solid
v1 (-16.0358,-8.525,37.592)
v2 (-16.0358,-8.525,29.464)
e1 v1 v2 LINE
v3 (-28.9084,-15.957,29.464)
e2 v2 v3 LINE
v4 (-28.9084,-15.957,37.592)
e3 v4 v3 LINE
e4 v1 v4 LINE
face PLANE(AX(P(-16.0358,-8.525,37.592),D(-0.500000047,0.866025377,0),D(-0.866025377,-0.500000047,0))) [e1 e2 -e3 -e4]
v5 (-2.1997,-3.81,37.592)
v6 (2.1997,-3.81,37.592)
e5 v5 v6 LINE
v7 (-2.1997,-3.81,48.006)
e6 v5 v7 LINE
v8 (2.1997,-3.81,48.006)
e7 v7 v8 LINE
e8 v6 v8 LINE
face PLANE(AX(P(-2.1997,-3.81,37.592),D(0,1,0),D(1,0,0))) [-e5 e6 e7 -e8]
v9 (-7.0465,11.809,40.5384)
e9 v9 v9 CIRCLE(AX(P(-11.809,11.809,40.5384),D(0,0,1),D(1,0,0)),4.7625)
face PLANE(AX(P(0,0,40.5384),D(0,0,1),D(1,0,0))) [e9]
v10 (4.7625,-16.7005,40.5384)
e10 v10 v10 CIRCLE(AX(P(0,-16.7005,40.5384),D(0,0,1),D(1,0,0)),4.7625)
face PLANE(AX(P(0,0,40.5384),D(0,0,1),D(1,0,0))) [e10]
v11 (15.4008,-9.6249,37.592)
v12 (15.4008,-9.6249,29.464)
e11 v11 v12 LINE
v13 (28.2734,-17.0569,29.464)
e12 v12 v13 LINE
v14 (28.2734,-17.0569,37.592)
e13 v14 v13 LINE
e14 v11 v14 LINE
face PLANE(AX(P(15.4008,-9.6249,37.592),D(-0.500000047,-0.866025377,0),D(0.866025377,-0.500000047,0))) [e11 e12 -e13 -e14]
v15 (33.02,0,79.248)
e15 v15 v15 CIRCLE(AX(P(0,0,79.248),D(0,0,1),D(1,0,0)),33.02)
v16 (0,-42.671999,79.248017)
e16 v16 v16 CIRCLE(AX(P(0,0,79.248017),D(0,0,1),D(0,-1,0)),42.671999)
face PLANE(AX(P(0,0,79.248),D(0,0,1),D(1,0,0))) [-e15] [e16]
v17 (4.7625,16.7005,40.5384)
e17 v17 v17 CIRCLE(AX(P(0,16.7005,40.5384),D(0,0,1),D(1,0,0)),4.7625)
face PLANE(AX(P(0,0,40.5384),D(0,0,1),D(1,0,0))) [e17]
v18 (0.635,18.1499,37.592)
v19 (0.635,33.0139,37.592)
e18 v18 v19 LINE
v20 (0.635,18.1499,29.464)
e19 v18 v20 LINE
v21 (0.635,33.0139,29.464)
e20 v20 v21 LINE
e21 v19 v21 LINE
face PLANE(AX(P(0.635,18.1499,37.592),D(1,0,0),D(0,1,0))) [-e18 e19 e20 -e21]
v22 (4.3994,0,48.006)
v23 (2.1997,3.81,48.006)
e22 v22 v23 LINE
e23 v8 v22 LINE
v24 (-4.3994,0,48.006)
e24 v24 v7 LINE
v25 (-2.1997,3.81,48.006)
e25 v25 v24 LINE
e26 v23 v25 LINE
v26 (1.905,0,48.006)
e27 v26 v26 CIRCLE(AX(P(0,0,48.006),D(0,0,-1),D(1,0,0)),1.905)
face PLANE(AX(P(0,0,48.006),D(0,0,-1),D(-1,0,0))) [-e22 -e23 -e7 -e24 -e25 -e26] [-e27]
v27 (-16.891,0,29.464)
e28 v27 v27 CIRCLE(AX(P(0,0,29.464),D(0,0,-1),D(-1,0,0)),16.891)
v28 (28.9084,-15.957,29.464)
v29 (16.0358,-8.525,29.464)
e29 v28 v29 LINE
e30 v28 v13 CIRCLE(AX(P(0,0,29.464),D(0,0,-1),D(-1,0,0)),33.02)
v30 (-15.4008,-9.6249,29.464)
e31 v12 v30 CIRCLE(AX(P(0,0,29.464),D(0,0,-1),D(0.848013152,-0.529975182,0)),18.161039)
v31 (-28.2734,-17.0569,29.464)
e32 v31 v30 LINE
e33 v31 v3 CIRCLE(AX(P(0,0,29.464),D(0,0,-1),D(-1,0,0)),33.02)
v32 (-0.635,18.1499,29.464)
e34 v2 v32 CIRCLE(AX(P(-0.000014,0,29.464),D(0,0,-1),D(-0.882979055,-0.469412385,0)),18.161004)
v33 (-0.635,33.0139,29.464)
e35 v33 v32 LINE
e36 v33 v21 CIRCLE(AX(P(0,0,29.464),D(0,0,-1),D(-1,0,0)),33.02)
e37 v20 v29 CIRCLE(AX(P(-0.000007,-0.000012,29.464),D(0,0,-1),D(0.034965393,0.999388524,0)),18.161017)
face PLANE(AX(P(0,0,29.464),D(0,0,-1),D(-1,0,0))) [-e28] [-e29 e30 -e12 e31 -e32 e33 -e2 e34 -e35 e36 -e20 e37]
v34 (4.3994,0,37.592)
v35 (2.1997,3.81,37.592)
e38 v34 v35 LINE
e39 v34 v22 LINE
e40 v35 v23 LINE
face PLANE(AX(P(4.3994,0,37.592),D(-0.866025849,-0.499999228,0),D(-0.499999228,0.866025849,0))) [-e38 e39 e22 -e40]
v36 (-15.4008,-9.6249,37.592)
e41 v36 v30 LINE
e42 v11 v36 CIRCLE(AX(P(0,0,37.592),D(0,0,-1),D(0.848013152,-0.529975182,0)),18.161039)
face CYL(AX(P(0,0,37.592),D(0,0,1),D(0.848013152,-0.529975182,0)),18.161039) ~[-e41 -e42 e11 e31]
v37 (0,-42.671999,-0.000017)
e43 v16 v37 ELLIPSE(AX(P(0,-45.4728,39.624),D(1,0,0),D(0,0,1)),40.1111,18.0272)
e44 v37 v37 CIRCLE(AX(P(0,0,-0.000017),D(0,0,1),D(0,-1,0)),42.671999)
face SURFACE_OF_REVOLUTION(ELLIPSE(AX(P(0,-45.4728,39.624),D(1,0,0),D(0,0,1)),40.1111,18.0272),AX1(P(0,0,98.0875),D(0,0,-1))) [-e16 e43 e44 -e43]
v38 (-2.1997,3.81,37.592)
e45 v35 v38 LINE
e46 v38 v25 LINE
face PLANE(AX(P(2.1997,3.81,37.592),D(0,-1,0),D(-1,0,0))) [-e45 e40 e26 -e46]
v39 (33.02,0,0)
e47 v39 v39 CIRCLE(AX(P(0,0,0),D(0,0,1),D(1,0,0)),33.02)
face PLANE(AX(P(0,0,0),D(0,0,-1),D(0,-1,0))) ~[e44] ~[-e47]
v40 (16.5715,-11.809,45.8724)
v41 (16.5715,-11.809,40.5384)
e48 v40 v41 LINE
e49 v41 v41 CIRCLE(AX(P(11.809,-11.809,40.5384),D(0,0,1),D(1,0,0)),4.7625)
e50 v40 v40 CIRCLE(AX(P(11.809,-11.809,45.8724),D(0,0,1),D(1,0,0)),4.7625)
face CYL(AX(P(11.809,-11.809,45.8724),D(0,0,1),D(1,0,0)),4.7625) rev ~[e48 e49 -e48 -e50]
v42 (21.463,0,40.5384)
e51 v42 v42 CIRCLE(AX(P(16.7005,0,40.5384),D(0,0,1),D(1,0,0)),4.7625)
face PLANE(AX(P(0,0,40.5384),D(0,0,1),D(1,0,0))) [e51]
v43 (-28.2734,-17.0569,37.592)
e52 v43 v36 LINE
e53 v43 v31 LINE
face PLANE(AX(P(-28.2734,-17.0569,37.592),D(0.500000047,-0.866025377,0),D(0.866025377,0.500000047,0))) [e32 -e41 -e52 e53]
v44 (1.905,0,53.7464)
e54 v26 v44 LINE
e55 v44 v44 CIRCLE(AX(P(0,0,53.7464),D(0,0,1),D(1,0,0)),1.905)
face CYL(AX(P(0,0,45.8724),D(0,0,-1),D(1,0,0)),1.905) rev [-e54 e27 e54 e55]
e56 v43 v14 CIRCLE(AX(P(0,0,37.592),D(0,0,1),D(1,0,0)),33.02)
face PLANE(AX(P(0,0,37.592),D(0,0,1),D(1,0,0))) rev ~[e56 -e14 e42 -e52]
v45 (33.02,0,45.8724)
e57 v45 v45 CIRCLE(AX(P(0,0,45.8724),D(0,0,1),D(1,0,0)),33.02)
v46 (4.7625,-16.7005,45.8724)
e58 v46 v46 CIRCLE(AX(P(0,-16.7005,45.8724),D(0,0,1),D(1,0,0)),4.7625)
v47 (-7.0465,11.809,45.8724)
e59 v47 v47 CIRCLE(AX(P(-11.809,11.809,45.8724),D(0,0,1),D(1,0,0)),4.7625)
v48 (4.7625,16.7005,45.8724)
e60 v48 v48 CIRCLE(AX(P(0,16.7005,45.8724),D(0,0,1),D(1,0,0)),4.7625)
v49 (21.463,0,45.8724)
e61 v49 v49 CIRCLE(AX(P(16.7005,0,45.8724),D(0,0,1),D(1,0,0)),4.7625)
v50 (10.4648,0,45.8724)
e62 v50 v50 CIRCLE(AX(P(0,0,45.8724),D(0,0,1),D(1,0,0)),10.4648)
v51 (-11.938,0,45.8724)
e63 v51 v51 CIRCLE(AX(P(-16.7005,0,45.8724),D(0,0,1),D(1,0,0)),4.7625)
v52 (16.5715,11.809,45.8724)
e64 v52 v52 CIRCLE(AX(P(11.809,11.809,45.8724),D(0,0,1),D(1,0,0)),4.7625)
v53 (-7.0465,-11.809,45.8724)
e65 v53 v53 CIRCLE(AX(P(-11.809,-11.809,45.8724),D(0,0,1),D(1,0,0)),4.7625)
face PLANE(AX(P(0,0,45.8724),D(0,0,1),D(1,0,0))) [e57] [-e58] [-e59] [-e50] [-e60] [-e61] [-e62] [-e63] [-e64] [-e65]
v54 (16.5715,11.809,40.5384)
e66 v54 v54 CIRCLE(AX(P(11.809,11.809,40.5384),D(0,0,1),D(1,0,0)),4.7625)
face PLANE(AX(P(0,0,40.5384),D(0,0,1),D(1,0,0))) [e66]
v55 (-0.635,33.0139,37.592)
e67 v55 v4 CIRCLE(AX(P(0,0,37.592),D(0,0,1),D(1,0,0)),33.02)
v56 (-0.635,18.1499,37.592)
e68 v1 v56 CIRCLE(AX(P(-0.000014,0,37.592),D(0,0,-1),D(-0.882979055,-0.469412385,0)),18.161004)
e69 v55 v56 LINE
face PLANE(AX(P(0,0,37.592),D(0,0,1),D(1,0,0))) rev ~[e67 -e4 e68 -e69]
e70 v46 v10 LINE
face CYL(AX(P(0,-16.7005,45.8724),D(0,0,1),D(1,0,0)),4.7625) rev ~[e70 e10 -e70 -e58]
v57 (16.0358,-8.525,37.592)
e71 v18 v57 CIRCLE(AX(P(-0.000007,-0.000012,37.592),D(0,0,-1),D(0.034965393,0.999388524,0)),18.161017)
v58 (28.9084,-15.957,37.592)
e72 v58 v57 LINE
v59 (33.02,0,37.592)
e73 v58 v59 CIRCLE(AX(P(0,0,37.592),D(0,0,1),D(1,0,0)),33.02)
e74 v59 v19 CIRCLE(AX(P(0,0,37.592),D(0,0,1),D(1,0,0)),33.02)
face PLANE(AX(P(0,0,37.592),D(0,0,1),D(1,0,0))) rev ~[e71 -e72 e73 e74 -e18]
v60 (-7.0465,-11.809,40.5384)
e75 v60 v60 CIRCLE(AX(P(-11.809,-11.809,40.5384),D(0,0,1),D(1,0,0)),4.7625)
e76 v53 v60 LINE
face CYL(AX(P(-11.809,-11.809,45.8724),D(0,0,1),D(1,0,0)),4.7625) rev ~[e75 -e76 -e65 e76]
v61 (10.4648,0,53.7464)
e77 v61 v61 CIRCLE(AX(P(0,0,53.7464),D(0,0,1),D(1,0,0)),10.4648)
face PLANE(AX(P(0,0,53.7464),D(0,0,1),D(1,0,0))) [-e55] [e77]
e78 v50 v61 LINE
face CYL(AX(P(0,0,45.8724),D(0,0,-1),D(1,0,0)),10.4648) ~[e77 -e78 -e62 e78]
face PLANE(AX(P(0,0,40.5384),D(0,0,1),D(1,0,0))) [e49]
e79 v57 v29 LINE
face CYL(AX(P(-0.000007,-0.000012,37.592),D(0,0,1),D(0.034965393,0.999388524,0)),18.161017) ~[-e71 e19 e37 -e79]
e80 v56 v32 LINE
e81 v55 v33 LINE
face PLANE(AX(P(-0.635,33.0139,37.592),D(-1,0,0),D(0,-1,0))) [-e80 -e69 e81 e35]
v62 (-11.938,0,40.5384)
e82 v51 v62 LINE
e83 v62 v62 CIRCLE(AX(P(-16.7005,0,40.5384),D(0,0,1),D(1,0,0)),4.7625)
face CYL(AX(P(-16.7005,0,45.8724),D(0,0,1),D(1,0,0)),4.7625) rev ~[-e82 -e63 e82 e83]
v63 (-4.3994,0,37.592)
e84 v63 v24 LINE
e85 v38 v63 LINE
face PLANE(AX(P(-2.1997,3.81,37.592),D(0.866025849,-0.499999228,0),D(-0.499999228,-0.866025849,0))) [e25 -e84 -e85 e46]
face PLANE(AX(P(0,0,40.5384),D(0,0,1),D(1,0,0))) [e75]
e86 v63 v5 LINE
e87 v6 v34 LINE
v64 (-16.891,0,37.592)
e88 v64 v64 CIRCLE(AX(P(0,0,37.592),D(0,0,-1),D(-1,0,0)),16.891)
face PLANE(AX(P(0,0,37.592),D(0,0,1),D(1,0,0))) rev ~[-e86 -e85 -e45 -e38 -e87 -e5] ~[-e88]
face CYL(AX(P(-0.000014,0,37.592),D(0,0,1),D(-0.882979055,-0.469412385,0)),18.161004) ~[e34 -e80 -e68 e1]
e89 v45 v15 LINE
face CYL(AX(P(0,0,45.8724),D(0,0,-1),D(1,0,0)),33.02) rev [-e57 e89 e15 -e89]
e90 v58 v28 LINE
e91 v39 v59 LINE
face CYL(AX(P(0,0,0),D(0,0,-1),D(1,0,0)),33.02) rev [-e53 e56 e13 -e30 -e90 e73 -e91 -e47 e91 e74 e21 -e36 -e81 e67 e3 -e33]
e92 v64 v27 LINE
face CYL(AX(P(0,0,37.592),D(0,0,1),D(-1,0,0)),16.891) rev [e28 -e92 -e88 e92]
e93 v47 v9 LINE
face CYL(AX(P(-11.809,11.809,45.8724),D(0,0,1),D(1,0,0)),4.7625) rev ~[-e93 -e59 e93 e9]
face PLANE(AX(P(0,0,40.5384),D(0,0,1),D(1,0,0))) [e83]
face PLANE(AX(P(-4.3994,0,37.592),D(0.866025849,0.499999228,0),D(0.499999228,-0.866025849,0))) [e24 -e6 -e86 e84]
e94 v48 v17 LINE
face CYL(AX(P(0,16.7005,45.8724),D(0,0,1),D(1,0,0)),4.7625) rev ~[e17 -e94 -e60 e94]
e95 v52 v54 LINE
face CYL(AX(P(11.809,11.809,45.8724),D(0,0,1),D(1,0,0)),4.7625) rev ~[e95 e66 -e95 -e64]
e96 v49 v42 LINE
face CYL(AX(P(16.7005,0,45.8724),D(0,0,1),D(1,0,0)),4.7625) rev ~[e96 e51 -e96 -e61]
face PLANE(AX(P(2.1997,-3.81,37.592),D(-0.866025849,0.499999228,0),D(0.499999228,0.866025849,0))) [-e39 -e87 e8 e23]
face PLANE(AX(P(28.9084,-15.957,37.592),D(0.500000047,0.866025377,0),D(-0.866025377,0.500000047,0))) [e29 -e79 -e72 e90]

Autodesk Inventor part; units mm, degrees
ref_plane "YZ Plane" through (0, 0, 0) normal (1, 0, 0) x (0, 1, 0)
ref_plane "XZ Plane" through (0, 0, 0) normal (0, 1, 0) x (-1, 0, 0)
ref_plane "XY Plane" through (0, 0, 0) normal (0, 0, 1) x (1, 0, 0)
sketch "Sketch1" plane through (0, 0, 0) normal (0, 0, 1) x (1, 0, 0)
  circle A0 centre (0, 0) radius 33.02
  circle A1 centre (0, 0) radius 36.068
  dimension "d0" = 66.04
  dimension "d1" = 72.136
extrude "Extrusion1" add sketch "Sketch1" along normal blind 37.592
sketch "Sketch2" plane through (0, 0, 37.592) normal (0, 0, 1) x (1, 0, 0)
  circle A0 centre (0, 0) radius 36.068 projected
  circle A1 centre (0, 0) radius 36.068
extrude "Extrusion2" add sketch "Sketch2" along normal blind 8.2804
sketch "Sketch3" plane through (0, 0, 45.8724) normal (0, 0, 1) x (1, 0, 0)
  circle A0 centre (0, 0) radius 36.068 projected
  circle A1 centre (0, 0) radius 10.4648
  circle A2 centre (0, 0) radius 1.905
  dimension "d6" = 20.9296
  dimension "d7" = 3.81
extrude "Extrusion3" add sketch "Sketch3" along normal blind 7.874 contours A1
sketch "Sketch4" plane through (0, 0, 45.8724) normal (0, 0, 1) x (1, 0, 0)
  circle A0 centre (0, 0) radius 36.068 projected
  circle A1 centre (0, 0) radius 10.4648 projected
  circle A2 centre (0, 0) radius 36.068
  circle A3 centre (0, 0) radius 33.02
  dimension "d10" = 66.04
extrude "Extrusion4" add sketch "Sketch4" along normal blind 33.3756 contours A0
sketch "Sketch5" plane through (0, 0, 37.592) normal (0, 0, -1) x (-1, 0, 0)
  circle A0 centre (0, 0) radius 33.02 projected
  line L0 (2.1997, -3.81) -> (-2.1997, -3.81)
  line L1 (-2.1997, -3.81) -> (-4.3994, 0)
  line L2 (-4.3994, 0) -> (-2.1997, 3.81)
  line L3 (-2.1997, 3.81) -> (2.1997, 3.81)
  line L4 (2.1997, 3.81) -> (4.3994, 0)
  line L5 (4.3994, 0) -> (2.1997, -3.81)
  dimension "d13" = 7.62
extrude "Extrusion5" cut sketch "Sketch5" against normal blind 10.414 contours L0 L1 L2 L3 L4 L5
sketch "Sketch6" plane through (0, 0, 37.592) normal (0, 0, -1) x (-1, 0, 0)
  circle A0 centre (0, 0) radius 33.02 projected
  circle A1 centre (0, 0) radius 16.891
  circle A2 centre (0, 0) radius 33.02 projected
  line L0 (0.635, 33.0139) -> (0.635, 18.1499)
  line L1 (-0.635, 18.1499) -> (-0.635, 33.0139)
  line L2 (-28.9084, -15.957) -> (-16.0358, -8.525)
  line L3 (-15.4008, -9.6249) -> (-28.2734, -17.0569)
  line L4 (28.2734, -17.0569) -> (15.4008, -9.6249)
  line L5 (16.0358, -8.525) -> (28.9084, -15.957)
  arc A3 (-0.635, 18.1499) -> (-16.0358, -8.525) centre (0, 0) ccw
  arc A4 (-15.4008, -9.6249) -> (15.4008, -9.6249) centre (0, 0) ccw
  arc A5 (16.0358, -8.525) -> (0.635, 18.1499) centre (0, 0) ccw
  arc A6 (0.635, 33.0139) -> (-0.635, 33.0139) centre (0, 0) ccw
  arc A7 (-28.9084, -15.957) -> (-28.2734, -17.0569) centre (0, 0) ccw
  arc A8 (28.2734, -17.0569) -> (28.9084, -15.957) centre (0, 0) ccw
  dimension "d16" = 33.782
  dimension "d18" = 1.27
  dimension "d19" = 0.635
  dimension "d22" = 360
extrude "Extrusion6" add sketch "Sketch6" along normal blind 8.128 contours L0 A5 L5 A0 L4 A4 L3 L2 A3 L1
sketch "Sketch7" plane through (0, 0, 0) normal (1, 0, 0) x (0, 1, 0)
  line L0 (-10.4648, 45.8724) -> (-10.4648, 53.7464) projected
  line L1 (-10.4648, 53.7464) -> (-1.905, 53.7464) projected
  line L2 (-1.905, 53.7464) -> (-1.905, 48.006) projected
  line L3 (-1.905, 48.006) -> (-3.81, 48.006) projected
  line L4 (-3.81, 48.006) -> (-3.81, 37.592) projected
  line L5 (-3.81, 37.592) -> (-16.891, 37.592) projected
  line L6 (-16.891, 37.592) -> (-16.891, 29.464) projected
  line L7 (-16.891, 29.464) -> (-18.161, 29.464) projected
  line L8 (-18.161, 29.464) -> (-18.161, 37.592) projected
  line L9 (-18.161, 37.592) -> (-33.02, 37.592) projected
  line L10 (-33.02, 37.592) -> (-33.02, 0) projected
  line L11 (-33.02, 0) -> (-36.068, 0) projected
  line L12 (-36.068, 0) -> (-36.068, 79.248) projected
  line L13 (-36.068, 79.248) -> (-33.02, 79.248) projected
  line L14 (-33.02, 79.248) -> (-33.02, 45.8724) projected
  line L15 (-33.02, 45.8724) -> (-10.4648, 45.8724) projected
  line L16 (10.4648, 53.7464) -> (10.4648, 45.8724) projected
  line L17 (10.4648, 45.8724) -> (33.02, 45.8724) projected
  line L18 (33.02, 45.8724) -> (33.02, 79.248) projected
  line L19 (33.02, 79.248) -> (36.068, 79.248) projected
  line L20 (36.068, 79.248) -> (36.068, 0) projected
  line L21 (36.068, 0) -> (33.02, 0) projected
  line L22 (33.02, 0) -> (33.02, 29.464) projected
  line L23 (33.02, 29.464) -> (16.891, 29.464) projected
  line L24 (16.891, 29.464) -> (16.891, 37.592) projected
  line L25 (16.891, 37.592) -> (3.81, 37.592) projected
  line L26 (3.81, 37.592) -> (3.81, 48.006) projected
  line L27 (3.81, 48.006) -> (1.905, 48.006) projected
  line L28 (1.905, 48.006) -> (1.905, 53.7464) projected
  line L29 (1.905, 53.7464) -> (10.4648, 53.7464) projected
  line L30 (36.068, 79.248) -> (36.068, 0)
  line L31 (-36.068, 79.248) -> (36.068, 79.248) projected
  line L32 (-36.068, 0) -> (36.068, 0) projected
  line L33 (36.068, 79.248) -> (42.672, 79.248)
  line L34 (36.068, 0) -> (42.672, 0)
  line L35 (0, 98.0875) -> (0, -23.6959) construction
  line L36 (-10.4648, 45.8724) -> (-10.4648, 53.7464) construction
  line L37 (-10.4648, 53.7464) -> (-1.905, 53.7464) construction
  line L38 (-1.905, 53.7464) -> (-1.905, 48.006) construction
  line L39 (-1.905, 48.006) -> (-3.81, 48.006) construction
  line L40 (-3.81, 37.592) -> (-16.891, 37.592) construction
  line L41 (-16.891, 37.592) -> (-16.891, 29.464) construction
  line L42 (-16.891, 29.464) -> (-18.161, 29.464) construction
  line L43 (-18.161, 29.464) -> (-18.161, 37.592) construction
  line L44 (-18.161, 37.592) -> (-33.02, 37.592) construction
  line L45 (-33.02, 37.592) -> (-33.02, 0) construction
  line L46 (-33.02, 0) -> (-36.068, 0) construction
  line L47 (-36.068, 0) -> (-36.068, 79.248) construction
  line L48 (-36.068, 79.248) -> (-33.02, 79.248) construction
  line L49 (-33.02, 79.248) -> (-33.02, 45.8724) construction
  line L50 (-33.02, 45.8724) -> (-10.4648, 45.8724) construction
  line L51 (10.4648, 53.7464) -> (10.4648, 45.8724) construction
  line L52 (10.4648, 45.8724) -> (33.02, 45.8724) construction
  line L53 (33.02, 45.8724) -> (33.02, 79.248) construction
  line L54 (33.02, 79.248) -> (36.068, 79.248) construction
  line L55 (36.068, 79.248) -> (36.068, 0) construction
  line L56 (36.068, 0) -> (33.02, 0) construction
  line L57 (33.02, 0) -> (33.02, 29.464) construction
  line L58 (33.02, 29.464) -> (16.891, 29.464) construction
  line L59 (16.891, 29.464) -> (16.891, 37.592) construction
  line L60 (16.891, 37.592) -> (3.81, 37.592) construction
  line L61 (3.81, 48.006) -> (1.905, 48.006) construction
  line L62 (1.905, 48.006) -> (1.905, 53.7464) construction
  line L63 (1.905, 53.7464) -> (10.4648, 53.7464) construction
  line L64 (-10.4648, 45.8724) -> (-10.4648, 53.7464) construction
  line L65 (-10.4648, 53.7464) -> (-1.905, 53.7464) construction
  line L66 (-1.905, 53.7464) -> (-1.905, 48.006) construction
  line L67 (-1.905, 48.006) -> (-3.81, 48.006) construction
  line L68 (-3.81, 37.592) -> (-16.891, 37.592) construction
  line L69 (-16.891, 37.592) -> (-16.891, 29.464) construction
  line L70 (-16.891, 29.464) -> (-18.161, 29.464) construction
  line L71 (-18.161, 29.464) -> (-18.161, 37.592) construction
  line L72 (-18.161, 37.592) -> (-33.02, 37.592) construction
  line L73 (-33.02, 37.592) -> (-33.02, 0) construction
  line L74 (-33.02, 0) -> (-36.068, 0) construction
  line L75 (-36.068, 0) -> (-36.068, 79.248) construction
  line L76 (-36.068, 79.248) -> (-33.02, 79.248) construction
  line L77 (-33.02, 79.248) -> (-33.02, 45.8724) construction
  line L78 (-33.02, 45.8724) -> (-10.4648, 45.8724) construction
  line L79 (10.4648, 53.7464) -> (10.4648, 45.8724) construction
  line L80 (10.4648, 45.8724) -> (33.02, 45.8724) construction
  line L81 (33.02, 45.8724) -> (33.02, 79.248) construction
  line L82 (33.02, 79.248) -> (36.068, 79.248) construction
  line L83 (36.068, 79.248) -> (36.068, 0) construction
  line L84 (36.068, 0) -> (33.02, 0) construction
  line L85 (33.02, 0) -> (33.02, 29.464) construction
  line L86 (33.02, 29.464) -> (16.891, 29.464) construction
  line L87 (16.891, 29.464) -> (16.891, 37.592) construction
  line L88 (16.891, 37.592) -> (3.81, 37.592) construction
  line L89 (3.81, 48.006) -> (1.905, 48.006) construction
  line L90 (1.905, 48.006) -> (1.905, 53.7464) construction
  line L91 (1.905, 53.7464) -> (10.4648, 53.7464) construction
  line L92 (-36.068, 79.248) -> (-36.068, 0)
  line L93 (-36.068, 79.248) -> (-42.672, 79.248)
  line L94 (-36.068, 0) -> (-42.672, 0)
  ellipse E0 centre (45.4728, 39.624) end of major axis (27.4456, 39.624) minor radius 40.1111 (42.672, 0) -> (42.672, 79.248) ccw
  ellipse E1 centre (-45.4728, 39.624) end of major axis (-27.4456, 39.624) minor radius 40.1111 (-42.672, 79.248) -> (-42.672, 0) ccw
  line L95 (-63.5, 14.7973) -> (-63.5, 63.5963) construction
  line L96 (63.5, 9.0713) -> (63.5, 59.5395) construction
  line L97 (-3.81, 48.006) -> (-3.81, 37.592) projected
  line L98 (3.81, 37.592) -> (3.81, 48.006) projected
  line L99 (-3.81, 48.006) -> (-3.81, 37.592) projected
  line L100 (3.81, 37.592) -> (3.81, 48.006) projected
  point P0 (0, 0)
  dimension "d26" = 6.604
  dimension "d27" = 6.604
  dimension "d31" = 127
revolve "Revolution1" add sketch "Sketch7" angle 360 about axis through (0, 0, 98.0875) along (0, 0, -1) contours L12 L94 E1 L93 | L33 E0 L34 L20
sketch "Sketch8" plane through (0, 0, 45.8724) normal (0, 0, 1) x (1, 0, 0)
  circle A0 centre (0, 0) radius 33.02 projected
  circle A1 centre (0, 16.7005) radius 4.7625
  circle A2 centre (0, 0) radius 1.905 construction
  line L0 (0, 0) -> (0, 23.6357) construction
  circle A3 centre (-11.809, 11.809) radius 4.7625
  circle A4 centre (-16.7005, 0) radius 4.7625
  circle A5 centre (-11.809, -11.809) radius 4.7625
  circle A6 centre (0, -16.7005) radius 4.7625
  circle A7 centre (11.809, -11.809) radius 4.7625
  circle A8 centre (16.7005, 0) radius 4.7625
  circle A9 centre (11.809, 11.809) radius 4.7625
  dimension "d33" = 9.525
  dimension "d34" = 16.7005
  dimension "d37" = 360
extrude "Extrusion7" cut sketch "Sketch8" against normal blind 5.334 contours A1 | A3 | A4 | A5 | A6 | A7 | A8 | A9
properties part number "Large Wheel"
